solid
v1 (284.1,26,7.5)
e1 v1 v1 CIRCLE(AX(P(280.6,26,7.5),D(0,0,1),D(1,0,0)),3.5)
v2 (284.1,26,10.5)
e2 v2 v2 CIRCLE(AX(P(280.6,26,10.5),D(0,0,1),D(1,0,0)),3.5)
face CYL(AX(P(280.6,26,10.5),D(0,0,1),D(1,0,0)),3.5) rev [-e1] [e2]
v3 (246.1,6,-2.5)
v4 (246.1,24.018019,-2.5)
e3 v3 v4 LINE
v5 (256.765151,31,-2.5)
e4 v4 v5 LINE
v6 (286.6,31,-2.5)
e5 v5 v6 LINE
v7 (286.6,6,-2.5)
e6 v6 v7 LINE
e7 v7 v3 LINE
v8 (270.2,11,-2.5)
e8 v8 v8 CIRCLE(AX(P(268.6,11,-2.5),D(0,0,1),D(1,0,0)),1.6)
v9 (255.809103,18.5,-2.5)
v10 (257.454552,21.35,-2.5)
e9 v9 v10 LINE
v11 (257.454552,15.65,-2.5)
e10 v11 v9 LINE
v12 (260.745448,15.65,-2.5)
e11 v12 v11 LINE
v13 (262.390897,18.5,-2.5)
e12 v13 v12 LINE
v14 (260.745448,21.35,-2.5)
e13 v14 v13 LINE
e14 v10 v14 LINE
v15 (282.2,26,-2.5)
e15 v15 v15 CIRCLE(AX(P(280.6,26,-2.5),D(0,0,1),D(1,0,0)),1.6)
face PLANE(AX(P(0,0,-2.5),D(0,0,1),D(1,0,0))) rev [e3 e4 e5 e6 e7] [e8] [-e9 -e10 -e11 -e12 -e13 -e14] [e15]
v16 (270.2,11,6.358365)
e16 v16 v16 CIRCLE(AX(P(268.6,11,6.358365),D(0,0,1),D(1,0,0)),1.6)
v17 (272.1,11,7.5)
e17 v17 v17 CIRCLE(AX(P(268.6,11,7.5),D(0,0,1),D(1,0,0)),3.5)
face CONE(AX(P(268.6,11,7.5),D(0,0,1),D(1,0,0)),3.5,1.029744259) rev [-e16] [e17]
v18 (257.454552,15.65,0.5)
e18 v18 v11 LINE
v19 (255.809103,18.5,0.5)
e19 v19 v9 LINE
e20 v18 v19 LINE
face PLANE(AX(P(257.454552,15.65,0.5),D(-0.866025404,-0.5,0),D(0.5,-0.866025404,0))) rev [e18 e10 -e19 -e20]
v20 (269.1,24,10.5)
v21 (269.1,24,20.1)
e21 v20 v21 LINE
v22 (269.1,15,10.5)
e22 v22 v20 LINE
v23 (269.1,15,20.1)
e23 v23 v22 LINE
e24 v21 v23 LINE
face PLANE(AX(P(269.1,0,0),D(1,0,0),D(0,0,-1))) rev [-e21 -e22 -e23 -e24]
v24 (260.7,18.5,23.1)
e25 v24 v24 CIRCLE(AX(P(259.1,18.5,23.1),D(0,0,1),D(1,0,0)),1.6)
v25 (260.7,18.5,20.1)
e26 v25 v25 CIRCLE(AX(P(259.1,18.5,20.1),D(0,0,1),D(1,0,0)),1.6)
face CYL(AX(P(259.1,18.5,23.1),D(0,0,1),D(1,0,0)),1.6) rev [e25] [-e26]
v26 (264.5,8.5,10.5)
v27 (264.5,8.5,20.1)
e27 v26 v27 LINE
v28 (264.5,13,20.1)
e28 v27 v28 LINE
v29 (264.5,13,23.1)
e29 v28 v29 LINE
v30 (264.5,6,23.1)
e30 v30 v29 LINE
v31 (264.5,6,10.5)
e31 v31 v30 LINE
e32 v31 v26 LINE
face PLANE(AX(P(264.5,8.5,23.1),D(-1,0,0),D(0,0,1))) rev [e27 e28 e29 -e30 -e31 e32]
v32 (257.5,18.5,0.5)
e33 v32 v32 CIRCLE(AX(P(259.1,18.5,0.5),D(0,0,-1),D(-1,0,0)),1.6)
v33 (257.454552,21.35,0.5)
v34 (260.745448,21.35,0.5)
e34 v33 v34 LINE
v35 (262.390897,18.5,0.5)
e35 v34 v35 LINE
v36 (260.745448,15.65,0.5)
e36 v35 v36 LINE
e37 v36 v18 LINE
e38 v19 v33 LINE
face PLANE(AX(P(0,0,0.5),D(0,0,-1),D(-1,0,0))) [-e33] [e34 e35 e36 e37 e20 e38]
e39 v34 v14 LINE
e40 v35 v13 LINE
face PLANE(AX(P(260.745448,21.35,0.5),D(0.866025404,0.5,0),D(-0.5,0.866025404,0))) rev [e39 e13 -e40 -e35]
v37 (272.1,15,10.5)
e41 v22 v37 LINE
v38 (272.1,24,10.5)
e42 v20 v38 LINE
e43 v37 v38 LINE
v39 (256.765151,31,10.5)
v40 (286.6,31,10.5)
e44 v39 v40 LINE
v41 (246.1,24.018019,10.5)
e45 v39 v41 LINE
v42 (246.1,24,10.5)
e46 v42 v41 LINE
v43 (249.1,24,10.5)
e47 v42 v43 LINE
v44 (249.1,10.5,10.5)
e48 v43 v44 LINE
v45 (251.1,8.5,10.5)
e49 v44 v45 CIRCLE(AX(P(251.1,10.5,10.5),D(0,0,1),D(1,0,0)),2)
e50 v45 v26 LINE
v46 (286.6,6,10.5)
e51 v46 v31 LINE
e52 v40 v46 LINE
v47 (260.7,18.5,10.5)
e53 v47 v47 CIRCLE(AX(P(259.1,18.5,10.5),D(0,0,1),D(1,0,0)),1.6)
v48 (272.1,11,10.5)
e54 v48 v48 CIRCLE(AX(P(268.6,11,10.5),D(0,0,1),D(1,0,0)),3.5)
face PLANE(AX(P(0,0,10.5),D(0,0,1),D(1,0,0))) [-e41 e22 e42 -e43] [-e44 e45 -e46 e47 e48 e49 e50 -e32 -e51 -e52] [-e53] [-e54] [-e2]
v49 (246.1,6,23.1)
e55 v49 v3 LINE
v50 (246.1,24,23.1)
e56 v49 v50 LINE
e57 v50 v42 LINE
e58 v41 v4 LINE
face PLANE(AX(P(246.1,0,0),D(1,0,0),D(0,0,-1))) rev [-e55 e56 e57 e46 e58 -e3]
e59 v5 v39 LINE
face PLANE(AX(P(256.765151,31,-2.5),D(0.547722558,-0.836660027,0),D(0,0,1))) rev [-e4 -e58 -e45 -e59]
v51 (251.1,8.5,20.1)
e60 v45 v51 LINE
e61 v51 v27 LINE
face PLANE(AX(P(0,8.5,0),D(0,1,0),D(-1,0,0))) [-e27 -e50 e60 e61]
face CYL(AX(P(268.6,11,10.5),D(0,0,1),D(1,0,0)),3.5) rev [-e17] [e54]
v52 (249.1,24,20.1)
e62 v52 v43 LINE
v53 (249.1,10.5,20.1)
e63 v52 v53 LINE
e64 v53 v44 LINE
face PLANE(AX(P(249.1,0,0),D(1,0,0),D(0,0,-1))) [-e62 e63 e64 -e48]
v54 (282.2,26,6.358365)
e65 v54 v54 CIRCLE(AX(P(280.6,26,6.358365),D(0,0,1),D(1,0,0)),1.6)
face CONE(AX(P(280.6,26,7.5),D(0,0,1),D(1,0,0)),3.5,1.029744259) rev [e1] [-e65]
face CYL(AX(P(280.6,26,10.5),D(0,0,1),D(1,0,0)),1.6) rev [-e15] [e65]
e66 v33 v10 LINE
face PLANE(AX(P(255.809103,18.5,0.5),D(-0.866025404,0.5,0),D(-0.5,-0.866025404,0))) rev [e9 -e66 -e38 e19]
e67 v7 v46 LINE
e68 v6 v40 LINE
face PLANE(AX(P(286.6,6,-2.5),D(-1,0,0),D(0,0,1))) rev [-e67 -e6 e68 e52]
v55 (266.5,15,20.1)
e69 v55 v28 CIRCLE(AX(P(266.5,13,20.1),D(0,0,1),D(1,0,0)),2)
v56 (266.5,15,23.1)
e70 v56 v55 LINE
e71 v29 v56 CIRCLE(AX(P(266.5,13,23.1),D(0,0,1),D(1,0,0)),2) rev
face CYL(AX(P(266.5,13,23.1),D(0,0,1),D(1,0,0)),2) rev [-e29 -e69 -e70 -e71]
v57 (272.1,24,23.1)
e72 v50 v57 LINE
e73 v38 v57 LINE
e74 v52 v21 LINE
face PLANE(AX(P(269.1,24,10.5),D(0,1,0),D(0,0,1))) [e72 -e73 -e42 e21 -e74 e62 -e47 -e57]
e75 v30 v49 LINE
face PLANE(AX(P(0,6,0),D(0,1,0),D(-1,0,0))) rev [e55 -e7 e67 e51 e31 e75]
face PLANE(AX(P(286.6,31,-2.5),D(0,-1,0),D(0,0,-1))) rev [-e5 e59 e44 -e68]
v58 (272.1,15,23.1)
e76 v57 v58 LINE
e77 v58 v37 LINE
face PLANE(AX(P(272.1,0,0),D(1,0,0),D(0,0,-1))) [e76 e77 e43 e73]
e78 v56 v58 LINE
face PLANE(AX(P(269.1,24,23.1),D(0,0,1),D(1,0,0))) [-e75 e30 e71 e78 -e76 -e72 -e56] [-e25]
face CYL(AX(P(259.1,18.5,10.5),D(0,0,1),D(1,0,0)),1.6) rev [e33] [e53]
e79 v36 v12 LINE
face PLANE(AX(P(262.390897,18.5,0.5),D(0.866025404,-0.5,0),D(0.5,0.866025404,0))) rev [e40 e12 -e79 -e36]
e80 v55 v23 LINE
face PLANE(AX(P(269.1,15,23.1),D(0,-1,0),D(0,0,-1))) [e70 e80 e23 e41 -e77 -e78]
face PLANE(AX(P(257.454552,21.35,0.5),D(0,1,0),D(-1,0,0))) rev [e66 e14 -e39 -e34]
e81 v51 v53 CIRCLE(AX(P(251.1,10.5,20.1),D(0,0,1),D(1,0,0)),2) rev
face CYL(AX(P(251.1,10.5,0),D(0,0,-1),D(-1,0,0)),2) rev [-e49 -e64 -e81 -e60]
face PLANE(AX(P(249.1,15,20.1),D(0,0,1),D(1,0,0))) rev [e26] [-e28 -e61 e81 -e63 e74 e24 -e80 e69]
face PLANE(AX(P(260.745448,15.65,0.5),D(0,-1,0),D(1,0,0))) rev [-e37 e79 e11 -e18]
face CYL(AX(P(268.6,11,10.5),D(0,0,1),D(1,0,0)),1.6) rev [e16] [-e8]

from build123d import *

# Parameters (mm, degrees)
SKETCH_1_W                  = 12.6
SKETCH_1_H                  = 9
EXTRUDE_1_DEPTH             = 3
SKETCH_2_W                  = 3
SKETCH_2_H                  = 9
EXTRUDE_2_DEPTH             = 20
SKETCH_3_W                  = 12.6
SKETCH_3_H                  = 9
EXTRUDE_3_DEPTH             = 3
EXTRUDE_4_DEPTH             = 6.5
SKETCH_5_W                  = 18.4
SKETCH_5_H                  = 12.6
EXTRUDE_5_DEPTH             = 2.5
SKETCH_6_W                  = 40.5
SKETCH_6_H                  = 25
EXTRUDE_6_DEPTH             = 13
CUT_EXTRUDE_1_DEPTH         = 3
HOLE_WIZARD_M31_AT_2_COUNT  = 2
HOLE_WIZARD_M31_AT_2_PITCH  = 19.209372712
SKETCH_10_W                 = 1.6
SKETCH_10_H                 = 13
HOLE_WIZARD_3_2_3_2_2_D     = 3.2
HOLE_WIZARD_3_2_3_2_2_DEPTH = 25.6
CHAMFER_1_SIZE              = 6.981980506
CHAMFER_1_SIZE2             = 10.66515139
FILLET_1_R                  = 2


with BuildPart() as part:
    # Эскиз1 → Бобышка-Вытянуть1 (new body)
    with BuildSketch(Plane(origin=(272.1, 0, 0), x_dir=(0, 0, -1), z_dir=(1, 0, 0))):
        with Locations((-16.8, 19.5)):
            Rectangle(SKETCH_1_W, SKETCH_1_H)
    extrude(amount=-EXTRUDE_1_DEPTH)

    # Эскиз2 → Бобышка-Вытянуть2 (add)
    with BuildSketch(Plane.ZY.offset(-269.1)):
        with Locations((21.6, 19.5)):
            Rectangle(SKETCH_2_W, SKETCH_2_H)
    extrude(amount=EXTRUDE_2_DEPTH)

    # Эскиз3 → Бобышка-Вытянуть3 (add)
    with BuildSketch(Plane.ZY.offset(-249.1)):
        with Locations((16.8, 19.5)):
            Rectangle(SKETCH_3_W, SKETCH_3_H)
    extrude(amount=EXTRUDE_3_DEPTH)

    # Эскиз4 → Бобышка-Вытянуть4 (add)
    with BuildSketch(Plane.XZ.offset(-15)):
        Polygon((264.5, 23.1), (264.5, 20.1), (249.1, 20.1), (249.1, 10.5), (246.1, 10.5), (246.1, 23.1), align=None)
    extrude(amount=EXTRUDE_4_DEPTH)

    # Эскиз5 → Бобышка-Вытянуть5 (add)
    with BuildSketch(Plane.XZ.offset(-8.5)):
        with Locations((255.3, 16.8)):
            Rectangle(SKETCH_5_W, SKETCH_5_H)
    extrude(amount=EXTRUDE_5_DEPTH)

    # Эскиз6 → Бобышка-Вытянуть6 (add)
    with BuildSketch(Plane(origin=(0, 0, 10.5), x_dir=(-1, 0, 0), z_dir=(0, 0, -1))):
        with Locations((-266.35, 18.5)):
            Rectangle(SKETCH_6_W, SKETCH_6_H)
    extrude(amount=EXTRUDE_6_DEPTH)

    # Эскиз7 → Вырез-Вытянуть1 (cut)
    with BuildSketch(Plane(origin=(0, 0, -2.5), x_dir=(-1, 0, 0), z_dir=(0, 0, -1))):
        Polygon((-257.454551733, 15.65), (-255.809103466, 18.5), (-257.454551733, 21.35), (-260.745448267, 21.35), (-262.390896534, 18.5), (-260.745448267, 15.65), align=None)
    extrude(amount=-CUT_EXTRUDE_1_DEPTH, mode=Mode.SUBTRACT)

    # Эскиз8 → Зенковка для  винта с плоской головкой M31 (revolve, cut)
    with BuildSketch(Plane(origin=(280.6, 26, 10.5), x_dir=(0, -1, 0), z_dir=(1, 0, 0))):
        Polygon((0, 0), (0, 13), (1.6, 13), (1.6, 4.141635176), (3.5, 3), (3.5, 0), align=None)
    hole_wizard_m31 = revolve(axis=Axis((280.6, 26, 16.85), (0, 0, -1)), mode=Mode.SUBTRACT)

    # Зенковка для  винта с плоской головкой M31 at 2: Зенковка для  винта с плоской головкой M31 ×2
    with Locations(*[Vector(-0.6246950475544251, -0.7808688094430297, 0) * (i * HOLE_WIZARD_M31_AT_2_PITCH) for i in range(1, HOLE_WIZARD_M31_AT_2_COUNT)]):
        add(hole_wizard_m31, mode=Mode.SUBTRACT)

    # Эскиз10 → Диаметр отверстия Ø3.2 (3.2)1 (revolve, cut)
    with BuildSketch(Plane(origin=(259.1, 18.5, 10.5), x_dir=(0, -1, 0), z_dir=(1, 0, 0))):
        with Locations((0.8, 6.5)):
            Rectangle(SKETCH_10_W, SKETCH_10_H)
    revolve(axis=Axis((259.1, 18.5, 16.85), (0, 0, -1)), mode=Mode.SUBTRACT)

    # Диаметр отверстия Ø3.2 (3.2)2
    with Locations(Plane.XY.offset(23.1)):
        with Locations((259.1, 18.5)):
            Hole(HOLE_WIZARD_3_2_3_2_2_D / 2, depth=HOLE_WIZARD_3_2_3_2_2_DEPTH)

    # Фаска1
    chamfer_1_edges = [part.edges().sort_by_distance(p)[0] for p in [
        (246.1, 31, 4),
    ]]
    chamfer_1_side = [part.faces().sort_by_distance(p)[0] for p in [
        (246.1, 17.061435303, 9.261036607),
    ]]
    chamfer(chamfer_1_edges, length=CHAMFER_1_SIZE, length2=CHAMFER_1_SIZE2, reference=chamfer_1_side[0])

    # Скругление1
    fillet_1_edges = [part.edges().sort_by_distance(p)[0] for p in [
        (264.5, 15, 21.6),
        (249.1, 8.5, 15.3),
    ]]
    fillet(fillet_1_edges, radius=FILLET_1_R)


solid = part.part
